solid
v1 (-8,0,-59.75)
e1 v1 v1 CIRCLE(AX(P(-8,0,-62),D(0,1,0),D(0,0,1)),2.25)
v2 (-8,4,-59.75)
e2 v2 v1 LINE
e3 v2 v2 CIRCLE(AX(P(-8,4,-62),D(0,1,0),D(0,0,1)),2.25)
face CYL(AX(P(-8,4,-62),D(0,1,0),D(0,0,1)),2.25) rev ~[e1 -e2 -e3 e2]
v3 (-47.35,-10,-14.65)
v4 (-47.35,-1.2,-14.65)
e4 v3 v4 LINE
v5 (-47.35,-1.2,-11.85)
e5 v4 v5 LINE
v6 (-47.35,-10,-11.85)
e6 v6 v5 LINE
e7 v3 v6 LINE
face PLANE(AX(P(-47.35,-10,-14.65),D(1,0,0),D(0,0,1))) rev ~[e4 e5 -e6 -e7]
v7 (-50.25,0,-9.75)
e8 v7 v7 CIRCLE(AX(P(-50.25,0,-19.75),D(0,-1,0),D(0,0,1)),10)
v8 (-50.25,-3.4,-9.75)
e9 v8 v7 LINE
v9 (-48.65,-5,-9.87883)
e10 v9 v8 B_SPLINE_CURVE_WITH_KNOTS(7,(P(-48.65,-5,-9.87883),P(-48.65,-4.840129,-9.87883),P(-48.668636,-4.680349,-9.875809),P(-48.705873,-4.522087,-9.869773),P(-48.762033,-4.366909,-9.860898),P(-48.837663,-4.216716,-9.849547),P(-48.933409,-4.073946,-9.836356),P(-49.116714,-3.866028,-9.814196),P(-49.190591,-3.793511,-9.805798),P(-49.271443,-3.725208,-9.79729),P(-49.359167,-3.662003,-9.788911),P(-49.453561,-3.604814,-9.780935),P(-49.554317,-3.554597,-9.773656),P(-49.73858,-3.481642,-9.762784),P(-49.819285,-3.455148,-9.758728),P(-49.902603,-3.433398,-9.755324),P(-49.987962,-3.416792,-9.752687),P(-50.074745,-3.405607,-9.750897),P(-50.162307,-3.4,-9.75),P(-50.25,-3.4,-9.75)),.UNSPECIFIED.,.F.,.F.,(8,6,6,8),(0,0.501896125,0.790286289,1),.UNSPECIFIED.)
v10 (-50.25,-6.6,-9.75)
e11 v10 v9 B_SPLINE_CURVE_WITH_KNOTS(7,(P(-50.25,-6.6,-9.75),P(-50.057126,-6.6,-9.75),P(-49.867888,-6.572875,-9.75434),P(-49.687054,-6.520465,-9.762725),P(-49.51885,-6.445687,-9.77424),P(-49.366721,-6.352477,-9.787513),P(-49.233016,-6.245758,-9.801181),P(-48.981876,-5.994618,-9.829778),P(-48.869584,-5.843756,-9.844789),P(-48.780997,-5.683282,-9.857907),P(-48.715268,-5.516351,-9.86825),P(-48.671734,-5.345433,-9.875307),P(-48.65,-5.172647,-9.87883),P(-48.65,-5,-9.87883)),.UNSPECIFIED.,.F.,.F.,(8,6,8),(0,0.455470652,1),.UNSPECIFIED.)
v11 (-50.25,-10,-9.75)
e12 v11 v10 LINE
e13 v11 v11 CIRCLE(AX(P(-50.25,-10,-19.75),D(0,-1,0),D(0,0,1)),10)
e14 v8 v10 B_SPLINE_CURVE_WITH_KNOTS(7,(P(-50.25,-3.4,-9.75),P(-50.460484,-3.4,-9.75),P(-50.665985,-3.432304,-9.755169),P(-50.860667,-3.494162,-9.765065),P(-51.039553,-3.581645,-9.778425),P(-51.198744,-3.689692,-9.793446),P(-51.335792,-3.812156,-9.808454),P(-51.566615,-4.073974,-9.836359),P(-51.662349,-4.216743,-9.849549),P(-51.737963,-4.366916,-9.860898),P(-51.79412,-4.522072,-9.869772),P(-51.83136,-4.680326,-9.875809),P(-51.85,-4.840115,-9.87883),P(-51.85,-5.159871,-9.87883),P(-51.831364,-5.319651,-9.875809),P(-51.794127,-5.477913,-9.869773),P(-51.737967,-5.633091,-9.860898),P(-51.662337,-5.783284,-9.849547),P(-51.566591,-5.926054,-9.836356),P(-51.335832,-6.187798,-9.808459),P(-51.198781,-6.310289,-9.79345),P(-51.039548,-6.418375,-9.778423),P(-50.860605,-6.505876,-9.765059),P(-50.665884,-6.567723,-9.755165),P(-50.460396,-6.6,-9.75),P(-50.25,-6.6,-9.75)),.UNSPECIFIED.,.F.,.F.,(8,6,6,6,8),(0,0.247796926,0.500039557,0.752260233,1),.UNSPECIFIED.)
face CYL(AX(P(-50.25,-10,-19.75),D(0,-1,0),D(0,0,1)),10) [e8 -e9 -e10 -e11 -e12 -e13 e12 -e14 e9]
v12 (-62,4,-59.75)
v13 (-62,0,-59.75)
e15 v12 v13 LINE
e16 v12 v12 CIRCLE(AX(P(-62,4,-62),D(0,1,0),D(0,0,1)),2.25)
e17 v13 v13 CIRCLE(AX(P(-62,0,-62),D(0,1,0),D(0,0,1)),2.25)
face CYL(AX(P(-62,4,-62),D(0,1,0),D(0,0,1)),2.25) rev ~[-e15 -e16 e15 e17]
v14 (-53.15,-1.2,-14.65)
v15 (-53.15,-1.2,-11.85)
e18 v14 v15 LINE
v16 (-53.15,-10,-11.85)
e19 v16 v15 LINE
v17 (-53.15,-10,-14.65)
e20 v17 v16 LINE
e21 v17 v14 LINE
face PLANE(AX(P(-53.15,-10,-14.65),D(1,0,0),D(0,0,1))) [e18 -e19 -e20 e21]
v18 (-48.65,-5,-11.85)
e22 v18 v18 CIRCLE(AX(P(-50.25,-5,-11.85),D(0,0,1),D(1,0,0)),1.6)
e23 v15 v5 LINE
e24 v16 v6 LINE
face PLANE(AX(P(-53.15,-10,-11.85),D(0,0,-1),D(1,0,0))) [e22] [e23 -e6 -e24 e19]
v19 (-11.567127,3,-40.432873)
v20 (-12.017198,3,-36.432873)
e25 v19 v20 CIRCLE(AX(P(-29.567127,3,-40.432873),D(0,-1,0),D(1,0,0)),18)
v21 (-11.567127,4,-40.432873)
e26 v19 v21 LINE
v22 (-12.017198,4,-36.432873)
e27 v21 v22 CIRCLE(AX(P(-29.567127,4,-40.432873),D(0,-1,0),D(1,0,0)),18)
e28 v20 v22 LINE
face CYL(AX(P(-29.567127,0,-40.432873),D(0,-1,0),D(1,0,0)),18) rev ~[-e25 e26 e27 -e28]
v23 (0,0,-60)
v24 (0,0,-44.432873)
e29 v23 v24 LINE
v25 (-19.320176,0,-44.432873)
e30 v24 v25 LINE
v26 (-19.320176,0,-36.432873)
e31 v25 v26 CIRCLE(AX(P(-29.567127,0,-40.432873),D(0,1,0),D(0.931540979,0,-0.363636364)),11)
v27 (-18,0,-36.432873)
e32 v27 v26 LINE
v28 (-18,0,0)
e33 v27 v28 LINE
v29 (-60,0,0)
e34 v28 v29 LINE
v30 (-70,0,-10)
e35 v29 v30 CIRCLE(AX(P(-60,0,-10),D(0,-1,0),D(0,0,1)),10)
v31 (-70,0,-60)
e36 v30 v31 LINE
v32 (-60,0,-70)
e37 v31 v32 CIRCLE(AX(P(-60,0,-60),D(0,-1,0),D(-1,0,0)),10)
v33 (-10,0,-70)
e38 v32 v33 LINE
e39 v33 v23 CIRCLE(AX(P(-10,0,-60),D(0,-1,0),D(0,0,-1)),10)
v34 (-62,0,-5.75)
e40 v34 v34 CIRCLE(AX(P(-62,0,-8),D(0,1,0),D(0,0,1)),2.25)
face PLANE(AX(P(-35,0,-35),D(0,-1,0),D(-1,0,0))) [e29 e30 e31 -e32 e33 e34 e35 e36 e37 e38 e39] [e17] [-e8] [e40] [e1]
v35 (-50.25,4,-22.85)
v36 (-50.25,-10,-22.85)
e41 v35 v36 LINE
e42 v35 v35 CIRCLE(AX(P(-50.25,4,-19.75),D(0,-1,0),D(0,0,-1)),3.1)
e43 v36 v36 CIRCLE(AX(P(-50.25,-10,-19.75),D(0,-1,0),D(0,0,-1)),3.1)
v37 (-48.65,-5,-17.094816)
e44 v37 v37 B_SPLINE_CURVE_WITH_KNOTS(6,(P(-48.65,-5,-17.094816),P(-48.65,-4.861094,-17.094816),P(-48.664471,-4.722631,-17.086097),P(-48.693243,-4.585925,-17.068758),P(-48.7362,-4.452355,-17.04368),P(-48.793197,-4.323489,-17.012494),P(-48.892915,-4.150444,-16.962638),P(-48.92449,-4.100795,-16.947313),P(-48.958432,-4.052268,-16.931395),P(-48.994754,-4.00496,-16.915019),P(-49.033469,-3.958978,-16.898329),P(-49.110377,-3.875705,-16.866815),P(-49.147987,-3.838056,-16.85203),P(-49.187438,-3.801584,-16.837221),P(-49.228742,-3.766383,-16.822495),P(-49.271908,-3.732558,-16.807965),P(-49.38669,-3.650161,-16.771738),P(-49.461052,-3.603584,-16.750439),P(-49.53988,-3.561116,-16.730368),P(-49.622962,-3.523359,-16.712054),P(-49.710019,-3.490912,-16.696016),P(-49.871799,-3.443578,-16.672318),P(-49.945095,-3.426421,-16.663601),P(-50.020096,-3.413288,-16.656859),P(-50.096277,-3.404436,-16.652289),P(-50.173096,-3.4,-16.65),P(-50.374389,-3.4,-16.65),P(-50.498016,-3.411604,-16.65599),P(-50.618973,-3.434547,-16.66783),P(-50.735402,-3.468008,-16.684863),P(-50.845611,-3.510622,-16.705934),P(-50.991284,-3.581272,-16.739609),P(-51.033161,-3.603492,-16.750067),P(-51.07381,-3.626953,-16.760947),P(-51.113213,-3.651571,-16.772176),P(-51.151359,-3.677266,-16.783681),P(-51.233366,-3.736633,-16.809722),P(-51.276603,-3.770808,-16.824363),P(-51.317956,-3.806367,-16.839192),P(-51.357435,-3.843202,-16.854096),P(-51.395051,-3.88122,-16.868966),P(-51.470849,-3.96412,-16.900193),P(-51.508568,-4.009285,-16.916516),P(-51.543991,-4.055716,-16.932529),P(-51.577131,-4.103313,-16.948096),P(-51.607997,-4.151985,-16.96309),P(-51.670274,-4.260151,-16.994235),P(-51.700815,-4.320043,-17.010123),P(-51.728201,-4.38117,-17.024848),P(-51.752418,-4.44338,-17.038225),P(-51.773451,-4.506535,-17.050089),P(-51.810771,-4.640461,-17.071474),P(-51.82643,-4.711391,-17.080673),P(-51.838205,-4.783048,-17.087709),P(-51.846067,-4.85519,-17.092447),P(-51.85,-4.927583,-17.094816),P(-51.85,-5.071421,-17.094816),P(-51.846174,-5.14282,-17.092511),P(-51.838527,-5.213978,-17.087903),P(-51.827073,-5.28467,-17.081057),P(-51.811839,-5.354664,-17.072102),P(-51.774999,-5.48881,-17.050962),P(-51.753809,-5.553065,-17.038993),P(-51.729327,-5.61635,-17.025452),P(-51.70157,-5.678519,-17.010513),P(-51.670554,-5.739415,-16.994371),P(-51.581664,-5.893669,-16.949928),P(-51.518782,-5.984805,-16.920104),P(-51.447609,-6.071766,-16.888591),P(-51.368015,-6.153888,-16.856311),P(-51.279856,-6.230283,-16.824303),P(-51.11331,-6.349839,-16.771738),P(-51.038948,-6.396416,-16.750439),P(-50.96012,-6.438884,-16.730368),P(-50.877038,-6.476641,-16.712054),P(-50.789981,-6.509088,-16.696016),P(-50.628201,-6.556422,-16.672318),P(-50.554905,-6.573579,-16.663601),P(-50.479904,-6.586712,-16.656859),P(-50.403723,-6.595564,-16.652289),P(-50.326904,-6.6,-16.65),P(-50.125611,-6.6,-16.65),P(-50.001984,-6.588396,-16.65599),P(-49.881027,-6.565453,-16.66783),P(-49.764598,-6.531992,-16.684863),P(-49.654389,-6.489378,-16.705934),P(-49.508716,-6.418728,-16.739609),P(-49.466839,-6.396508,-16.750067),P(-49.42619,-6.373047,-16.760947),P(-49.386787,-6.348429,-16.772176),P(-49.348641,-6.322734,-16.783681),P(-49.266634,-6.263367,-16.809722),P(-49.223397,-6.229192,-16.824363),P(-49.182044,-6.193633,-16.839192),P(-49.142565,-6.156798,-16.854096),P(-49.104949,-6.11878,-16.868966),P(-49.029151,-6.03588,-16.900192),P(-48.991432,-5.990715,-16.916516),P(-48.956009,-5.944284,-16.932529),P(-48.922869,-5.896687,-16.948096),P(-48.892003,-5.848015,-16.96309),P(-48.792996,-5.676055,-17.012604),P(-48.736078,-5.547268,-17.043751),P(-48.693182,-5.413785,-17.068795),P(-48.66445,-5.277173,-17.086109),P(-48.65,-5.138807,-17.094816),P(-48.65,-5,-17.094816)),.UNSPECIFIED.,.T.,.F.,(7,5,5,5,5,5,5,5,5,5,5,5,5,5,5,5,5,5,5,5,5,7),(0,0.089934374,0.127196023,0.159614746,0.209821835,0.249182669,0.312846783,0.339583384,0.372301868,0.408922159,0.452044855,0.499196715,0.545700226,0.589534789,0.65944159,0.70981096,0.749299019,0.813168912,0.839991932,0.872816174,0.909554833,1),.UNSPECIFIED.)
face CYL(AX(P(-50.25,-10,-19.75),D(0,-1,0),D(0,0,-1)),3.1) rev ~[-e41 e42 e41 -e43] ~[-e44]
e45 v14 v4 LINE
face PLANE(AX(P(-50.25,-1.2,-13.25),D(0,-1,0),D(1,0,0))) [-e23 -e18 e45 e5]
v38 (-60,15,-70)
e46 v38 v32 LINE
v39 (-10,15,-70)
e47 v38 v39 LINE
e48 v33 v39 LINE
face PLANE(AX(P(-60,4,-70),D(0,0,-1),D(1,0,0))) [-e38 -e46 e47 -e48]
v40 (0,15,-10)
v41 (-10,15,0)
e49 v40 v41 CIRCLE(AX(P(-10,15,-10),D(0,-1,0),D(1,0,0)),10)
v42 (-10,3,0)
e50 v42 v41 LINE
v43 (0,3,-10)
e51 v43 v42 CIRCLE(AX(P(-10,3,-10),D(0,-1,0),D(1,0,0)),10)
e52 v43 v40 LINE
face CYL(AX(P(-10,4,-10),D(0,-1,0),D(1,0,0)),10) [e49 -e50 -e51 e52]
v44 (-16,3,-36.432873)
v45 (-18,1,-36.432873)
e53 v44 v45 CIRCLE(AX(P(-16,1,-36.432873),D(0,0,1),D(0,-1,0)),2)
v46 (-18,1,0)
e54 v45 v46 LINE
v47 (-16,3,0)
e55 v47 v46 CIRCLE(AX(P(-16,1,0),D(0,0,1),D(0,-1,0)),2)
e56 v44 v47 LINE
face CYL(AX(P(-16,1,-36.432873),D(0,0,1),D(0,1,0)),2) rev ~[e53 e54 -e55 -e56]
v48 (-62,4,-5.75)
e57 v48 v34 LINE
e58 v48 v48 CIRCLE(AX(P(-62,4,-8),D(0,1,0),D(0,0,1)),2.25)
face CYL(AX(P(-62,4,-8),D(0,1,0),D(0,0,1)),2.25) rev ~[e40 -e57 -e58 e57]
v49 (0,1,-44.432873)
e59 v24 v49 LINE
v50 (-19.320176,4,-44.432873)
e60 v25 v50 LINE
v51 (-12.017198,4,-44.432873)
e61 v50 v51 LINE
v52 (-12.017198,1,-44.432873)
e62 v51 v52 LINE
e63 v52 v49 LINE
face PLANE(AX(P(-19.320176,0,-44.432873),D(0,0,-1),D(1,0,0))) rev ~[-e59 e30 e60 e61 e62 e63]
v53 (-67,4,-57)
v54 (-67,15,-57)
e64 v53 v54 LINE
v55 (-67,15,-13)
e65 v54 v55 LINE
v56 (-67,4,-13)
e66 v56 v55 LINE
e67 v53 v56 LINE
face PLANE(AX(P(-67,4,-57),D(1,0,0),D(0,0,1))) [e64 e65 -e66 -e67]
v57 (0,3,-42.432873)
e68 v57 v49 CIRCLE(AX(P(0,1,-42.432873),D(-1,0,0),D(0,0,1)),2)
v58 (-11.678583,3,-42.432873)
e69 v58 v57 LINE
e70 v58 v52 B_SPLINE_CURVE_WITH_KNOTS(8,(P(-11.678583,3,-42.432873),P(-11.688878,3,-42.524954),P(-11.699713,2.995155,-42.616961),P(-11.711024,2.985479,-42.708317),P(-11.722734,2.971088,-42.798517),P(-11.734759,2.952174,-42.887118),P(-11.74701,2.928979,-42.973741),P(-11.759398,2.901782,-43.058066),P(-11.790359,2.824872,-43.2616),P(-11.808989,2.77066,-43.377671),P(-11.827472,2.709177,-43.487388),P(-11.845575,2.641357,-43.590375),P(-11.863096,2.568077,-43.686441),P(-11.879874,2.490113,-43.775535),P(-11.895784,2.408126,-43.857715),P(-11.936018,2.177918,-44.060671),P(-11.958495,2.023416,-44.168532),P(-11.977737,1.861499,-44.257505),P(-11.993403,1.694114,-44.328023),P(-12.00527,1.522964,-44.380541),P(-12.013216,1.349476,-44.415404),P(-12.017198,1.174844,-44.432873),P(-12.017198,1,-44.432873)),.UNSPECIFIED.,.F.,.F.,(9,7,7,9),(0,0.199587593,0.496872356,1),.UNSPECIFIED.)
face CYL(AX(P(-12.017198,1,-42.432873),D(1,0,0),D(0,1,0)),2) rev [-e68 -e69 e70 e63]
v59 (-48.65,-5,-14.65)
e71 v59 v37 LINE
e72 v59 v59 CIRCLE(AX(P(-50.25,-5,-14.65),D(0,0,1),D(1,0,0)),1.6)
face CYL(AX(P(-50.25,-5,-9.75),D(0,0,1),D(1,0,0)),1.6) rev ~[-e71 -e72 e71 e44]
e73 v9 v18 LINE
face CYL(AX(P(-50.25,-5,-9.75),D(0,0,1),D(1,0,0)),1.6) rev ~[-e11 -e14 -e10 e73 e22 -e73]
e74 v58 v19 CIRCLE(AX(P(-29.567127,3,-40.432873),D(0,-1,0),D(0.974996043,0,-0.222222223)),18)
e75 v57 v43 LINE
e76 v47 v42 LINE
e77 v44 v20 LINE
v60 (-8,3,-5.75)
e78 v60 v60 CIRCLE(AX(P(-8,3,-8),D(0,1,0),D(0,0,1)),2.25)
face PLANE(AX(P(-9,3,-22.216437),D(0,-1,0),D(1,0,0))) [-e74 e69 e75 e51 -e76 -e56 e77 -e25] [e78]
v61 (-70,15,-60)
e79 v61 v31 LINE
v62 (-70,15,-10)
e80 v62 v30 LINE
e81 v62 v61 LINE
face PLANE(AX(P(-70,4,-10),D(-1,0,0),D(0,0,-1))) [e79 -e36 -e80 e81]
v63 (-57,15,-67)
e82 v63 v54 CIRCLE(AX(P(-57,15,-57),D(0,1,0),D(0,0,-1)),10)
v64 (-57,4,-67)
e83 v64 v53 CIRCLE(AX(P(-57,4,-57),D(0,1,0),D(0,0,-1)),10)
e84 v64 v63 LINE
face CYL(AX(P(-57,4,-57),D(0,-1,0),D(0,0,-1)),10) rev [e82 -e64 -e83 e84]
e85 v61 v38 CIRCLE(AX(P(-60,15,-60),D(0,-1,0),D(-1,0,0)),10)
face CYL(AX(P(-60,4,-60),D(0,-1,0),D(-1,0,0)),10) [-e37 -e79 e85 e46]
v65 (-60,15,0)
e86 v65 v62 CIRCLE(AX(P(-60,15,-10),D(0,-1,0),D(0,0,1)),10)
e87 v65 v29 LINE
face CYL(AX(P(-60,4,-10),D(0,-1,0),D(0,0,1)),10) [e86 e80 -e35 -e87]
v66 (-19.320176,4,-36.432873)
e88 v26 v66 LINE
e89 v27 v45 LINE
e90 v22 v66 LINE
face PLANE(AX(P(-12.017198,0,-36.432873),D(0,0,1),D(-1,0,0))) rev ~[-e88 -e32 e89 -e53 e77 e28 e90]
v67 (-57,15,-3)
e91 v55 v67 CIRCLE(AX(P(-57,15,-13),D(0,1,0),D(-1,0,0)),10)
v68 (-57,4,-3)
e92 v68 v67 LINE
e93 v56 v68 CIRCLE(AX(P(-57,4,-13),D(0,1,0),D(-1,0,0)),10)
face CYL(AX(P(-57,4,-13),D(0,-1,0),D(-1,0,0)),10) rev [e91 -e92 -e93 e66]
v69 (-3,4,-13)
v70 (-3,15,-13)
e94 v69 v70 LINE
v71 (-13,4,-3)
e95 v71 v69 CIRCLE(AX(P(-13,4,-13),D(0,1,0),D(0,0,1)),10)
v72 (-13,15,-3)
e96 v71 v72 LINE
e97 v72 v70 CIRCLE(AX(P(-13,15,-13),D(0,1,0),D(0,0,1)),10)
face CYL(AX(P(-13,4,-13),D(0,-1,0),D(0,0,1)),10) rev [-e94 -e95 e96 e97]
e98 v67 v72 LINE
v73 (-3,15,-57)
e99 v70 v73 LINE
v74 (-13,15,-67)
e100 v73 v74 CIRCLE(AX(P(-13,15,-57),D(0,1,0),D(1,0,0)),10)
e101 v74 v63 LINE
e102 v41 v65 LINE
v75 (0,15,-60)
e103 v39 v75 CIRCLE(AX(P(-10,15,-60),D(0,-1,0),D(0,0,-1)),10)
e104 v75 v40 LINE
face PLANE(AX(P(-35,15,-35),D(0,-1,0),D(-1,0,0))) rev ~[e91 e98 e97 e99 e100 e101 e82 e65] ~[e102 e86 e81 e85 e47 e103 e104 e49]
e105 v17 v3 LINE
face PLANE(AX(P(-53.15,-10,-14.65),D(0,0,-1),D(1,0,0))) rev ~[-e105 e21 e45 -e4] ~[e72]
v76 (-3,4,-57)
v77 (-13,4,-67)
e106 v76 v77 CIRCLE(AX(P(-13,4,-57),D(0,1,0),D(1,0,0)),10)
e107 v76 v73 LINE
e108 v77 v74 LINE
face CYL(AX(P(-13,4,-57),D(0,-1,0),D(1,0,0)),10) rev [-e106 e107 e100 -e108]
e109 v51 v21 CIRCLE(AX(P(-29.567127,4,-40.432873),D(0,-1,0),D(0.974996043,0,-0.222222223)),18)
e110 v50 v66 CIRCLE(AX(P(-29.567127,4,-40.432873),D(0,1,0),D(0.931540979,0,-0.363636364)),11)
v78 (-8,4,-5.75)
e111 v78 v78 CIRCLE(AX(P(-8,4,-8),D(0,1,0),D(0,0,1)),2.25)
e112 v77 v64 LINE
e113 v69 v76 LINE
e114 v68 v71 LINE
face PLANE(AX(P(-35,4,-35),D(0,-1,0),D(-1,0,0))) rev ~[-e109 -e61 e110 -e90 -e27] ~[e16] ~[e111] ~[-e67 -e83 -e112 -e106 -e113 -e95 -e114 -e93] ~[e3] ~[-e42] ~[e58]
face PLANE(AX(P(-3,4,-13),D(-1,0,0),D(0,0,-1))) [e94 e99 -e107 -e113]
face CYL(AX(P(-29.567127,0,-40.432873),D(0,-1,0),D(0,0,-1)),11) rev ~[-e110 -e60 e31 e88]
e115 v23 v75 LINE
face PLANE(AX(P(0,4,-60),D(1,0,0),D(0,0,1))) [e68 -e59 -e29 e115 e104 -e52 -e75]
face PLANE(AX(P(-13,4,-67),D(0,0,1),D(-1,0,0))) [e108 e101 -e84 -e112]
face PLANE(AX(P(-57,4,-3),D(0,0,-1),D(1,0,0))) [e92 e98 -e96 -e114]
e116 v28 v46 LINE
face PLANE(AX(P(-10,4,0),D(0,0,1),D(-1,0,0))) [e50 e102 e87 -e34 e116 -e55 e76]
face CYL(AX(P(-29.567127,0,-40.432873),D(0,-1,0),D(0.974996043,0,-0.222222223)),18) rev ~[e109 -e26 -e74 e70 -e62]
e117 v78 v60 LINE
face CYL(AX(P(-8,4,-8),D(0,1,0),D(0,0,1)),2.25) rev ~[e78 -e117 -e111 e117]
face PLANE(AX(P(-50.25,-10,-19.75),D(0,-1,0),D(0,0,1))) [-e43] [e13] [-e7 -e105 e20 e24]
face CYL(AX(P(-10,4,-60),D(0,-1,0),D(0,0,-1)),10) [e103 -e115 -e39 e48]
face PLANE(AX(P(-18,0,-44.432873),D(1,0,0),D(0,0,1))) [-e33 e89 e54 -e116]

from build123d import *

# Parameters (mm, degrees)
SKETCH1_R           = 2.5
BOSS_EXTRUDE2_DEPTH = 4
BOSS_EXTRUDE3_DEPTH = 11
SKETCH3_R           = 3.1
CUT_EXTRUDE1_DEPTH  = 8.5
BOSS_EXTRUDE4_START = 10
SKETCH4_R           = 10
SKETCH4_R_2         = 3.1
BOSS_EXTRUDE4_DEPTH = 10
SKETCH5_W           = 5.8
SKETCH5_H           = 2.8
CUT_EXTRUDE2_DEPTH  = 8.8
SKETCH7_R           = 1.6
CUT_EXTRUDE3_DEPTH  = 10
SKETCH13_R          = 11
CUT_EXTRUDE6_DEPTH  = 10
SKETCH14_R          = 2.25
CUT_EXTRUDE7_DEPTH  = 10
CUT_EXTRUDE8_DEPTH  = 10
SKETCH16_W          = 18
SKETCH16_H          = 44.43287335
CUT_EXTRUDE9_DEPTH  = 3
FILLET1_R           = 2


with BuildPart() as part:
    # Sketch1 → Boss-Extrude2 (new body)
    with BuildSketch(Plane(origin=(0, 0, 0), x_dir=(1, 0, 0), z_dir=(0, 1, 0))):
        with BuildLine():
            Line((-10, 0), (-60, 0))
            ThreePointArc((-60, 0), (-67.071067812, 2.928932188), (-70, 10))
            Line((-70, 10), (-70, 60))
            ThreePointArc((-70, 60), (-67.071067812, 67.071067812), (-60, 70))
            Line((-60, 70), (-10, 70))
            ThreePointArc((-10, 70), (-2.928932188, 67.071067812), (0, 60))
            Line((0, 60), (0, 10))
            ThreePointArc((0, 10), (-2.928932188, 2.928932188), (-10, 0))
        make_face()
        with Locations(Location((-50.25, 19.75, 0), (0, 0, 270))):
            Circle(SKETCH1_R, mode=Mode.SUBTRACT)
        with Locations(Location((-29.56712665, 40.43287335, 0), (0, 0, 270))):
            Circle(SKETCH1_R, mode=Mode.SUBTRACT)
    extrude(amount=BOSS_EXTRUDE2_DEPTH)

    # Sketch2 → Boss-Extrude3 (add)
    with BuildSketch(Plane(origin=(0, 4, 0), x_dir=(1, 0, 0), z_dir=(0, 1, 0))):
        with BuildLine():
            Line((-10, 0), (-60, 0))
            ThreePointArc((-60, 0), (-67.071067812, 2.928932188), (-70, 10))
            Line((-70, 10), (-70, 60))
            ThreePointArc((-70, 60), (-67.071067812, 67.071067812), (-60, 70))
            Line((-60, 70), (-10, 70))
            ThreePointArc((-10, 70), (-2.928932188, 67.071067812), (0, 60))
            Line((0, 60), (0, 10))
            ThreePointArc((0, 10), (-2.928932188, 2.928932188), (-10, 0))
        make_face()
        with BuildLine():
            Line((-3, 13), (-3, 57))
            ThreePointArc((-3, 57), (-5.928932188, 64.071067812), (-13, 67))
            Line((-13, 67), (-57, 67))
            ThreePointArc((-57, 67), (-64.071067812, 64.071067812), (-67, 57))
            Line((-67, 57), (-67, 13))
            ThreePointArc((-67, 13), (-64.071067812, 5.928932188), (-57, 3))
            Line((-57, 3), (-13, 3))
            ThreePointArc((-13, 3), (-5.928932188, 5.928932188), (-3, 13))
        make_face(mode=Mode.SUBTRACT)
    extrude(amount=BOSS_EXTRUDE3_DEPTH)

    # Sketch3 → Cut-Extrude1 (cut)
    with BuildSketch(Plane.XZ):
        with Locations(Location((-50.25, -19.75, 0), (0, 0, 270))):
            Circle(SKETCH3_R)
    extrude(amount=-CUT_EXTRUDE1_DEPTH, mode=Mode.SUBTRACT)

    # Sketch4 → Boss-Extrude4 (add)
    with BuildSketch(Plane.XZ.offset(BOSS_EXTRUDE4_START)):
        with Locations(Location((-50.25, -19.75, 0), (0, 0, 90))):
            Circle(SKETCH4_R)
        with Locations(Location((-50.25, -19.75, 0), (0, 0, 270))):
            Circle(SKETCH4_R_2, mode=Mode.SUBTRACT)
    extrude(amount=-BOSS_EXTRUDE4_DEPTH)

    # Sketch5 → Cut-Extrude2 (cut)
    with BuildSketch(Plane.XZ.offset(10)):
        with Locations((-50.25, -13.25)):
            Rectangle(SKETCH5_W, SKETCH5_H)
    extrude(amount=-CUT_EXTRUDE2_DEPTH, mode=Mode.SUBTRACT)

    # Sketch7 → Cut-Extrude3 (cut)
    with BuildSketch(Plane(origin=(-50.25, -10, -9.75), x_dir=(1, 0, 0), z_dir=(0, 0, 1))):
        with Locations((0, 5)):
            Circle(SKETCH7_R)
    extrude(amount=-CUT_EXTRUDE3_DEPTH, mode=Mode.SUBTRACT)

    # Sketch13 → Cut-Extrude6 (cut)
    with BuildSketch(Plane.XZ):
        with Locations(Location((-29.56712665, -40.43287335, 0), (0, 0, 270))):
            Circle(SKETCH13_R)
    extrude(amount=-CUT_EXTRUDE6_DEPTH, mode=Mode.SUBTRACT)

    # Sketch14 → Cut-Extrude7 (cut)
    with BuildSketch(Plane(origin=(0, 4, 0), x_dir=(1, 0, 0), z_dir=(0, 1, 0))):
        with Locations(Location((-8, 62, 0), (0, 0, 270))):
            Circle(SKETCH14_R)
        with Locations(Location((-62, 62, 0), (0, 0, 270))):
            Circle(SKETCH14_R)
        with Locations(Location((-62, 8, 0), (0, 0, 270))):
            Circle(SKETCH14_R)
        with Locations(Location((-8, 8, 0), (0, 0, 270))):
            Circle(SKETCH14_R)
    extrude(amount=-CUT_EXTRUDE7_DEPTH, mode=Mode.SUBTRACT)

    # Sketch15 → Cut-Extrude8 (cut)
    with BuildSketch(Plane.XZ):
        with BuildLine():
            ThreePointArc((-19.320175884, -36.43287335), (-18.757028167, -38.397739254), (-18.56712665, -40.43287335))
            Line((-18.56712665, -40.43287335), (-11.56712665, -40.43287335))
            ThreePointArc((-11.56712665, -40.43287335), (-11.679998346, -38.420252912), (-12.017197876, -36.43287335))
            Line((-12.017197876, -36.43287335), (-19.320175884, -36.43287335))
        make_face()
        with BuildLine():
            Line((-11.56712665, -40.43287335), (-18.56712665, -40.43287335))
            ThreePointArc((-18.56712665, -40.43287335), (-18.757028167, -42.468007445), (-19.320175884, -44.43287335))
            Line((-19.320175884, -44.43287335), (-12.017197876, -44.43287335))
            ThreePointArc((-12.017197876, -44.43287335), (-11.679998346, -42.445493788), (-11.56712665, -40.43287335))
        make_face()
    extrude(amount=-CUT_EXTRUDE8_DEPTH, mode=Mode.SUBTRACT)

    # Sketch16 → Cut-Extrude9 (cut)
    with BuildSketch(Plane.XZ):
        with Locations((-9, -22.216436675)):
            Rectangle(SKETCH16_W, SKETCH16_H)
    extrude(amount=-CUT_EXTRUDE9_DEPTH, mode=Mode.SUBTRACT)

    # Fillet1
    fillet1_edges = [part.edges().sort_by_distance(p)[0] for p in [
        (-6.008598938, 3, -44.43287335),
        (-18, 3, -18.216436675),
    ]]
    fillet(fillet1_edges, radius=FILLET1_R)


solid = part.part
